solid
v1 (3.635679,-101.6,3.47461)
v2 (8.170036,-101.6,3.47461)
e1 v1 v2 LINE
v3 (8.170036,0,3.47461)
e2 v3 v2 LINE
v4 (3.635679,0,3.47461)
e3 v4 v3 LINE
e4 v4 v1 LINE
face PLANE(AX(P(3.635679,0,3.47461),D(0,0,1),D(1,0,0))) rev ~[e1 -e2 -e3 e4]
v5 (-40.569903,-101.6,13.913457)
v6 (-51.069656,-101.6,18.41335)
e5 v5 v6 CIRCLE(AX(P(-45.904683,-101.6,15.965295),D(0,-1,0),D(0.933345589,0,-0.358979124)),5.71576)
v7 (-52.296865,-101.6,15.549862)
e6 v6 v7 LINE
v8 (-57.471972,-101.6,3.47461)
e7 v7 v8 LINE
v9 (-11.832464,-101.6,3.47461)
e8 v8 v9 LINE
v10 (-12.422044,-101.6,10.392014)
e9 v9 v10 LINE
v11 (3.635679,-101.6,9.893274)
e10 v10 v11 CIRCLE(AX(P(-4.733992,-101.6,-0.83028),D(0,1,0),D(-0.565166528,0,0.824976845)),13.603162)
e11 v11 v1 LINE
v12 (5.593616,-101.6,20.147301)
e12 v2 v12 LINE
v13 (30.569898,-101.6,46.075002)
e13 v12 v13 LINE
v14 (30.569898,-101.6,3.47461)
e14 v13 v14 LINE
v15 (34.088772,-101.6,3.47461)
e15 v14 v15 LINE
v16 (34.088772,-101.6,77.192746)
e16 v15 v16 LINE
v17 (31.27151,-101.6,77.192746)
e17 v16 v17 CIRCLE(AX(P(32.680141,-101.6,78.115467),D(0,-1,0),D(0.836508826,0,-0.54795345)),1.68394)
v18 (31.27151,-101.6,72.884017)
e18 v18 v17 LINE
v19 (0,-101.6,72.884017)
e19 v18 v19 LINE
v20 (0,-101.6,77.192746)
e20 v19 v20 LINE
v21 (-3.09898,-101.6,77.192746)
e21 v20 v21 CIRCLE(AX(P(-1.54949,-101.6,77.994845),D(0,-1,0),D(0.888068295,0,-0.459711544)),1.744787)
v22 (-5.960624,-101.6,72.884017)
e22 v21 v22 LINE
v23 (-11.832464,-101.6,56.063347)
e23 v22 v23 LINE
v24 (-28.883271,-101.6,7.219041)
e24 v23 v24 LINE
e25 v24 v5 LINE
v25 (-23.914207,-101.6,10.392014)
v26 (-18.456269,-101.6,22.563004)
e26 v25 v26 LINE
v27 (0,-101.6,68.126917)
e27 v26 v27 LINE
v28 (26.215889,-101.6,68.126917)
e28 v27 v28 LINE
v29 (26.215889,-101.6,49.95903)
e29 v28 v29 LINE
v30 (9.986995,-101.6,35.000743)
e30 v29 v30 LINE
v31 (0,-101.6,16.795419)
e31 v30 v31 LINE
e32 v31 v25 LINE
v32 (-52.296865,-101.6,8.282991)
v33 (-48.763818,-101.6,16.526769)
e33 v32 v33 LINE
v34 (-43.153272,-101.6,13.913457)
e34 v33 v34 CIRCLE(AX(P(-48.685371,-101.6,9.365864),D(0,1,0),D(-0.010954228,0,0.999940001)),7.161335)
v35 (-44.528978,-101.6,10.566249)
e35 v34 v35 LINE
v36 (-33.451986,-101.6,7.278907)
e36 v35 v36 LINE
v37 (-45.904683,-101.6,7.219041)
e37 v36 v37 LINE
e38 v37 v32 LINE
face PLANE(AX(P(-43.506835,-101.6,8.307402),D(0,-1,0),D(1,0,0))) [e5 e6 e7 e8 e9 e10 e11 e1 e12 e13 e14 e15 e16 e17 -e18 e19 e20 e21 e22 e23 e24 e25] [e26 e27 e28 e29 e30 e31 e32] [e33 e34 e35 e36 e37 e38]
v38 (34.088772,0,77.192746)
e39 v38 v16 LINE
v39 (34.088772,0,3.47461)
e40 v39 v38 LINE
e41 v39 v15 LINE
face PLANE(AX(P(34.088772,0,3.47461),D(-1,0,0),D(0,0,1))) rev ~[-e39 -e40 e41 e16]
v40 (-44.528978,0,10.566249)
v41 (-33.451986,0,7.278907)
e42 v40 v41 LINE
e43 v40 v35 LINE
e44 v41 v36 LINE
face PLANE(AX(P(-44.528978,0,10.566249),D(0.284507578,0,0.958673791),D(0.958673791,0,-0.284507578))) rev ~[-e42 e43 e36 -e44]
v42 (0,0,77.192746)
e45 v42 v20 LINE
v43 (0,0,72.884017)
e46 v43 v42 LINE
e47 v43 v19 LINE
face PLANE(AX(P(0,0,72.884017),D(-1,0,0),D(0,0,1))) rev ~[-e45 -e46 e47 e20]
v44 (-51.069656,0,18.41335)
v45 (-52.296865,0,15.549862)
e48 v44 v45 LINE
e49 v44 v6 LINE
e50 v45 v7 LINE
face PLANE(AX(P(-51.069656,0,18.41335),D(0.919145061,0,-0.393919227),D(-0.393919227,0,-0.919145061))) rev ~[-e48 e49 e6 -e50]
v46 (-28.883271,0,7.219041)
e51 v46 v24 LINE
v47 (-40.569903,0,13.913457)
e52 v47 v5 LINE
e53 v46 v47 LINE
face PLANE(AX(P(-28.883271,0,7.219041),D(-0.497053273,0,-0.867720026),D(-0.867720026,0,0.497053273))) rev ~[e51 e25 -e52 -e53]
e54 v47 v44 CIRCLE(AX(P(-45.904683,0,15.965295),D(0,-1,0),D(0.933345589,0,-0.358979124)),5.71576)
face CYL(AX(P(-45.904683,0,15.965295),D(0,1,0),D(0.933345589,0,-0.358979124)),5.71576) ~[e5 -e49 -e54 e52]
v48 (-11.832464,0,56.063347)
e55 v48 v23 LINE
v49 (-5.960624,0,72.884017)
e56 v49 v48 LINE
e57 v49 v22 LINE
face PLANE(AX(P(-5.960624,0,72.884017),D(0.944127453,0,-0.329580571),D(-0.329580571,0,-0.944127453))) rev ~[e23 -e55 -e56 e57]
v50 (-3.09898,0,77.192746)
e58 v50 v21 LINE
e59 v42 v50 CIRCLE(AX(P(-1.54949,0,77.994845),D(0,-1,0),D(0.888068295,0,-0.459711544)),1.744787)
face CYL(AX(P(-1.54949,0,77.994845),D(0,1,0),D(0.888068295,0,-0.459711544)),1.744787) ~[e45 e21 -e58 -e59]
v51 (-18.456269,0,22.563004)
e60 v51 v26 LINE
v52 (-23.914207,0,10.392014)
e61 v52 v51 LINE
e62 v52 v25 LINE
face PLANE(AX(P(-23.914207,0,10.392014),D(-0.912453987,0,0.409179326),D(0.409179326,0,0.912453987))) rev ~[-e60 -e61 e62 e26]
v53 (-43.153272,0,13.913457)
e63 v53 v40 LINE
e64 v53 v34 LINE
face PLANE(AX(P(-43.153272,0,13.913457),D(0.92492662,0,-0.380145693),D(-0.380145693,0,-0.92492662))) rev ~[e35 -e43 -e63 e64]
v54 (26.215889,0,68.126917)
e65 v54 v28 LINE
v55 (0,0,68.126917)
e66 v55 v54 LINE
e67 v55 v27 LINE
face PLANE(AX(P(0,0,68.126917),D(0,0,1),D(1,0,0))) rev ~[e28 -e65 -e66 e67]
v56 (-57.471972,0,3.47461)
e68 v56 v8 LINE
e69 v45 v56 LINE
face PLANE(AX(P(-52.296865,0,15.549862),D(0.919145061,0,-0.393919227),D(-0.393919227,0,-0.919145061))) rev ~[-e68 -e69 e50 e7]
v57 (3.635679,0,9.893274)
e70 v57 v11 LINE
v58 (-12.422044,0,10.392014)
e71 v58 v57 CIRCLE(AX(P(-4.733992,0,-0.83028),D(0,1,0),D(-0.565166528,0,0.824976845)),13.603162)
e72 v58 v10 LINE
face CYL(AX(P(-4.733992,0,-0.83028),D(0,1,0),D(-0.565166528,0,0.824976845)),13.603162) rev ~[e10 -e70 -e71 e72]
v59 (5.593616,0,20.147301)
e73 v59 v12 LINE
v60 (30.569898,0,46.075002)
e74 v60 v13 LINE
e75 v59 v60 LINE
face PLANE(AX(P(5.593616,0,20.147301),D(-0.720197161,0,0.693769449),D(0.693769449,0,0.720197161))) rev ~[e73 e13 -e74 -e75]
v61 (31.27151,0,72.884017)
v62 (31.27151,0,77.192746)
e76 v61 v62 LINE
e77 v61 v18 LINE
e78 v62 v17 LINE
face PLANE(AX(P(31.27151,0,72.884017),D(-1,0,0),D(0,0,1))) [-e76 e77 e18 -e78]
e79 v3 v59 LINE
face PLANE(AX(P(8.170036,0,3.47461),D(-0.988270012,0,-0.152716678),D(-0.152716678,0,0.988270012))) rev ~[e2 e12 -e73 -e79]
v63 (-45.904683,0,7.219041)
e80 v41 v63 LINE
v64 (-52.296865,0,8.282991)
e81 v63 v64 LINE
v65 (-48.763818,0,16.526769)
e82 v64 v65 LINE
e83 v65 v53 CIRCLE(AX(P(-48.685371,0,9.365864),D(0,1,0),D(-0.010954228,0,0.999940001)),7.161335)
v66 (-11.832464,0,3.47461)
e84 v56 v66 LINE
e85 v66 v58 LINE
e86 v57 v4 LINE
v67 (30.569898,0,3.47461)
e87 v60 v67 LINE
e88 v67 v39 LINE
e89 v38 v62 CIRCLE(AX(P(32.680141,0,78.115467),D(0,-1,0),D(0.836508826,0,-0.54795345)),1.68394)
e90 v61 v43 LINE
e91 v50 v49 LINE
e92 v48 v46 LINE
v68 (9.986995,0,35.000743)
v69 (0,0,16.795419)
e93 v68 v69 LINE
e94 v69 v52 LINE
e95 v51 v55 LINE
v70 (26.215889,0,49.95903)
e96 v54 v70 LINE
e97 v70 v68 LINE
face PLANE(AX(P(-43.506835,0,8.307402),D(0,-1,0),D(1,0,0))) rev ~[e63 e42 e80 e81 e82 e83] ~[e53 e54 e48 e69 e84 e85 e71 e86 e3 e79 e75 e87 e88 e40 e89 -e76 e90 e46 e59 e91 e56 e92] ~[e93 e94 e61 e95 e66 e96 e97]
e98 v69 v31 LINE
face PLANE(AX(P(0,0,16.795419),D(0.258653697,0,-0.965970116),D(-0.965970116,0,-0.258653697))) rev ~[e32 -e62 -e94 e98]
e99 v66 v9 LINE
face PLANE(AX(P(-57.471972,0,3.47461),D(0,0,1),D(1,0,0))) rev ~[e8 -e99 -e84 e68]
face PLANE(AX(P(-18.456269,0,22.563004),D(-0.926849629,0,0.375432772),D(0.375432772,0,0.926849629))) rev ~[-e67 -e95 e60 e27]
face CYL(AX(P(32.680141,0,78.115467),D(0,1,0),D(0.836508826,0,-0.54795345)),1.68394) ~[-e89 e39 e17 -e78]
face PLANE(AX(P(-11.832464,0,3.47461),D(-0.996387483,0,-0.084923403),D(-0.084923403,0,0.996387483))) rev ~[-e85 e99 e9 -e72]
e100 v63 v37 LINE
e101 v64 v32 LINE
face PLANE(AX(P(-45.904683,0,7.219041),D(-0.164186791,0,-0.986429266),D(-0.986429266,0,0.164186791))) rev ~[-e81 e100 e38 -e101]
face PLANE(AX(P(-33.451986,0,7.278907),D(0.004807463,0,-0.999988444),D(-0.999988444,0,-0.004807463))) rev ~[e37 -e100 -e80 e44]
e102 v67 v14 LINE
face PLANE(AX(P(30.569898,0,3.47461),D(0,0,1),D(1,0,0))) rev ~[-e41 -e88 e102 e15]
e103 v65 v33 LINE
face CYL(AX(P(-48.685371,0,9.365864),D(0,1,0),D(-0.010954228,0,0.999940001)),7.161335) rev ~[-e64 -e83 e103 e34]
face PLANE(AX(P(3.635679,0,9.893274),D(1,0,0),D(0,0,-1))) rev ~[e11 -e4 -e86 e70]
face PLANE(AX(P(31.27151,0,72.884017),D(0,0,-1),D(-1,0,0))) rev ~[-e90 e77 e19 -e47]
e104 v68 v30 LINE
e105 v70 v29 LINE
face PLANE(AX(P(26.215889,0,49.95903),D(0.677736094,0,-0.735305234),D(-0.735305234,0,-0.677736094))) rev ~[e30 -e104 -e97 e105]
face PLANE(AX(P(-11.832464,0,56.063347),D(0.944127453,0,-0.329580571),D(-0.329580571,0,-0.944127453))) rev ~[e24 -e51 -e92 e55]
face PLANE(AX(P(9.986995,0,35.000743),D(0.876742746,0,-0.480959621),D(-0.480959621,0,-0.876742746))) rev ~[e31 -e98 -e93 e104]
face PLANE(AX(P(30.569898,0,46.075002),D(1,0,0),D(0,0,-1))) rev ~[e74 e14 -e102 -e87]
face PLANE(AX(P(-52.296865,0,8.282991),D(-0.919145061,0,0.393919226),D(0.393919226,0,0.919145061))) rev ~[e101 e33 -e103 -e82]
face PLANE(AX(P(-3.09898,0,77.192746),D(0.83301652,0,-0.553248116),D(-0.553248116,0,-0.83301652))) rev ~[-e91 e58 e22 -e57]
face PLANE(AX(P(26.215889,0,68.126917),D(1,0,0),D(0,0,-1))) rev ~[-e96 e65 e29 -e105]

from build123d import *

# Parameters (mm, degrees)
F0_W     = 3.098980058
F0_H     = 4.3087294629
F0_W_2   = 2.8172619641
F1_DEPTH = 101.6


with BuildPart() as f1:
    # F0 (on Front) → F1 (new body)
    with BuildSketch(Plane.XZ):
        with BuildLine():
            Line((-57.4719719589, 3.4746100643), (-30.1903946247, 3.4746100643))
            Line((-30.1903946247, 3.4746100643), (-28.8832707495, 7.2190405379))
            Line((-28.8832707495, 7.2190405379), (-40.5699034386, 13.9134567664))
            Line((-40.5699034386, 13.9134567664), (-41.704513506, 10.9634710115))
            ThreePointArc((-41.704513506, 10.9634710115), (-42.2573756559, 12.5226971206), (-43.15327198, 13.9134567664))
            Line((-43.15327198, 13.9134567664), (-44.5289776008, 10.5662486522))
            Line((-44.5289776008, 10.5662486522), (-33.4519855678, 7.2789071128))
            Line((-33.4519855678, 7.2789071128), (-45.9046832217, 7.2190405379))
            Line((-45.9046832217, 7.2190405379), (-52.2968651154, 8.2829909582))
            Line((-52.2968651154, 8.2829909582), (-48.7638179735, 16.5267694082))
            ThreePointArc((-48.7638179735, 16.5267694082), (-50.5939053459, 16.2681981797), (-52.2968651154, 15.5498619811))
            Line((-52.2968651154, 15.5498619811), (-57.4719719589, 3.4746100643))
        make_face()
        with BuildLine():
            Line((-28.8832707495, 7.2190405379), (-30.1903946247, 3.4746100643))
            Line((-30.1903946247, 3.4746100643), (-17.6380199624, 3.4746100643))
            ThreePointArc((-17.6380199624, 3.4746100643), (-15.5954401796, 7.3596505594), (-12.4220438222, 10.3920138914))
            ThreePointArc((-12.4220438222, 10.3920138914), (-4.3116929978, 12.7663256196), (3.6356791383, 9.8932744876))
            ThreePointArc((3.6356791383, 9.8932744876), (6.3764705614, 7.0185182524), (8.1700356677, 3.4746100643))
            Line((8.1700356677, 3.4746100643), (5.5936163648, 20.1473007733))
            Line((5.5936163648, 20.1473007733), (30.5698979216, 46.0750020962))
            Line((30.5698979216, 46.0750020962), (30.5698979216, 3.4746100643))
            Line((30.5698979216, 3.4746100643), (34.0887717903, 3.4746100643))
            Line((34.0887717903, 3.4746100643), (34.0887717903, 49.7279201839))
            Line((34.0887717903, 49.7279201839), (34.0887717903, 56.3592440111))
            Line((34.0887717903, 56.3592440111), (34.0887717903, 72.8840166399))
            Line((34.0887717903, 72.8840166399), (31.2715098262, 72.8840166399))
            Line((31.2715098262, 72.8840166399), (0, 72.8840166399))
            Line((0, 72.8840166399), (-3.098980058, 72.8840166399))
            Line((-3.098980058, 72.8840166399), (-5.9606237336, 72.8840166399))
            Line((-5.9606237336, 72.8840166399), (-11.8324644864, 56.0633465648))
            Line((-11.8324644864, 56.0633465648), (-28.8832707495, 7.2190405379))
        make_face()
        Polygon((26.2158885598, 68.1269168854), (26.2158885598, 64.4736816023), (26.2158885598, 53.9963319898), (26.2158885598, 49.9590300024), (9.9869952318, 35.0007429456), (0, 16.7954191566), (-23.9142072935, 10.3920138914), (-18.4562690556, 22.5630039349), (0, 68.1269168854), align=None, mode=Mode.SUBTRACT)
        with BuildLine():
            ThreePointArc((-12.4220438222, 10.3920138914), (-15.5954401796, 7.3596505594), (-17.6380199624, 3.4746100643))
            Line((-17.6380199624, 3.4746100643), (-11.8324644864, 3.4746100643))
            Line((-11.8324644864, 3.4746100643), (-12.4220438222, 10.3920138914))
        make_face()
        with BuildLine():
            Line((-41.704513506, 10.9634710115), (-40.5699034386, 13.9134567664))
            ThreePointArc((-40.5699034386, 13.9134567664), (-43.6531352953, 21.2189084028), (-51.0696562862, 18.4133498694))
            Line((-51.0696562862, 18.4133498694), (-52.2968651154, 15.5498619811))
            ThreePointArc((-52.2968651154, 15.5498619811), (-50.5939053459, 16.2681981797), (-48.7638179735, 16.5267694082))
            ThreePointArc((-48.7638179735, 16.5267694082), (-45.6616430264, 15.8575347342), (-43.15327198, 13.9134567664))
            ThreePointArc((-43.15327198, 13.9134567664), (-42.2573756559, 12.5226971206), (-41.704513506, 10.9634710115))
        make_face()
        Polygon((-3.098980058, 77.1927461028), (-5.9606237336, 72.8840166399), (-3.098980058, 72.8840166399), align=None)
        with BuildLine():
            ThreePointArc((8.1700356677, 3.4746100643), (6.3764705614, 7.0185182524), (3.6356791383, 9.8932744876))
            Line((3.6356791383, 9.8932744876), (3.6356791383, 3.4746100643))
            Line((3.6356791383, 3.4746100643), (8.1700356677, 3.4746100643))
        make_face()
        with Locations((-1.549490029, 75.0383813713)):
            Rectangle(F0_W, F0_H)
        with BuildLine():
            ThreePointArc((0, 77.1927461028), (-1.549490029, 79.7396318514), (-3.098980058, 77.1927461028))
            Line((-3.098980058, 77.1927461028), (0, 77.1927461028))
        make_face()
        with Locations((32.6801408082, 75.0383813713)):
            Rectangle(F0_W_2, F0_H)
        with BuildLine():
            ThreePointArc((34.0887717903, 77.1927461028), (32.6801408082, 79.7994074071), (31.2715098262, 77.1927461028))
            Line((31.2715098262, 77.1927461028), (34.0887717903, 77.1927461028))
        make_face()
    extrude(amount=F1_DEPTH)


solid = f1.part
